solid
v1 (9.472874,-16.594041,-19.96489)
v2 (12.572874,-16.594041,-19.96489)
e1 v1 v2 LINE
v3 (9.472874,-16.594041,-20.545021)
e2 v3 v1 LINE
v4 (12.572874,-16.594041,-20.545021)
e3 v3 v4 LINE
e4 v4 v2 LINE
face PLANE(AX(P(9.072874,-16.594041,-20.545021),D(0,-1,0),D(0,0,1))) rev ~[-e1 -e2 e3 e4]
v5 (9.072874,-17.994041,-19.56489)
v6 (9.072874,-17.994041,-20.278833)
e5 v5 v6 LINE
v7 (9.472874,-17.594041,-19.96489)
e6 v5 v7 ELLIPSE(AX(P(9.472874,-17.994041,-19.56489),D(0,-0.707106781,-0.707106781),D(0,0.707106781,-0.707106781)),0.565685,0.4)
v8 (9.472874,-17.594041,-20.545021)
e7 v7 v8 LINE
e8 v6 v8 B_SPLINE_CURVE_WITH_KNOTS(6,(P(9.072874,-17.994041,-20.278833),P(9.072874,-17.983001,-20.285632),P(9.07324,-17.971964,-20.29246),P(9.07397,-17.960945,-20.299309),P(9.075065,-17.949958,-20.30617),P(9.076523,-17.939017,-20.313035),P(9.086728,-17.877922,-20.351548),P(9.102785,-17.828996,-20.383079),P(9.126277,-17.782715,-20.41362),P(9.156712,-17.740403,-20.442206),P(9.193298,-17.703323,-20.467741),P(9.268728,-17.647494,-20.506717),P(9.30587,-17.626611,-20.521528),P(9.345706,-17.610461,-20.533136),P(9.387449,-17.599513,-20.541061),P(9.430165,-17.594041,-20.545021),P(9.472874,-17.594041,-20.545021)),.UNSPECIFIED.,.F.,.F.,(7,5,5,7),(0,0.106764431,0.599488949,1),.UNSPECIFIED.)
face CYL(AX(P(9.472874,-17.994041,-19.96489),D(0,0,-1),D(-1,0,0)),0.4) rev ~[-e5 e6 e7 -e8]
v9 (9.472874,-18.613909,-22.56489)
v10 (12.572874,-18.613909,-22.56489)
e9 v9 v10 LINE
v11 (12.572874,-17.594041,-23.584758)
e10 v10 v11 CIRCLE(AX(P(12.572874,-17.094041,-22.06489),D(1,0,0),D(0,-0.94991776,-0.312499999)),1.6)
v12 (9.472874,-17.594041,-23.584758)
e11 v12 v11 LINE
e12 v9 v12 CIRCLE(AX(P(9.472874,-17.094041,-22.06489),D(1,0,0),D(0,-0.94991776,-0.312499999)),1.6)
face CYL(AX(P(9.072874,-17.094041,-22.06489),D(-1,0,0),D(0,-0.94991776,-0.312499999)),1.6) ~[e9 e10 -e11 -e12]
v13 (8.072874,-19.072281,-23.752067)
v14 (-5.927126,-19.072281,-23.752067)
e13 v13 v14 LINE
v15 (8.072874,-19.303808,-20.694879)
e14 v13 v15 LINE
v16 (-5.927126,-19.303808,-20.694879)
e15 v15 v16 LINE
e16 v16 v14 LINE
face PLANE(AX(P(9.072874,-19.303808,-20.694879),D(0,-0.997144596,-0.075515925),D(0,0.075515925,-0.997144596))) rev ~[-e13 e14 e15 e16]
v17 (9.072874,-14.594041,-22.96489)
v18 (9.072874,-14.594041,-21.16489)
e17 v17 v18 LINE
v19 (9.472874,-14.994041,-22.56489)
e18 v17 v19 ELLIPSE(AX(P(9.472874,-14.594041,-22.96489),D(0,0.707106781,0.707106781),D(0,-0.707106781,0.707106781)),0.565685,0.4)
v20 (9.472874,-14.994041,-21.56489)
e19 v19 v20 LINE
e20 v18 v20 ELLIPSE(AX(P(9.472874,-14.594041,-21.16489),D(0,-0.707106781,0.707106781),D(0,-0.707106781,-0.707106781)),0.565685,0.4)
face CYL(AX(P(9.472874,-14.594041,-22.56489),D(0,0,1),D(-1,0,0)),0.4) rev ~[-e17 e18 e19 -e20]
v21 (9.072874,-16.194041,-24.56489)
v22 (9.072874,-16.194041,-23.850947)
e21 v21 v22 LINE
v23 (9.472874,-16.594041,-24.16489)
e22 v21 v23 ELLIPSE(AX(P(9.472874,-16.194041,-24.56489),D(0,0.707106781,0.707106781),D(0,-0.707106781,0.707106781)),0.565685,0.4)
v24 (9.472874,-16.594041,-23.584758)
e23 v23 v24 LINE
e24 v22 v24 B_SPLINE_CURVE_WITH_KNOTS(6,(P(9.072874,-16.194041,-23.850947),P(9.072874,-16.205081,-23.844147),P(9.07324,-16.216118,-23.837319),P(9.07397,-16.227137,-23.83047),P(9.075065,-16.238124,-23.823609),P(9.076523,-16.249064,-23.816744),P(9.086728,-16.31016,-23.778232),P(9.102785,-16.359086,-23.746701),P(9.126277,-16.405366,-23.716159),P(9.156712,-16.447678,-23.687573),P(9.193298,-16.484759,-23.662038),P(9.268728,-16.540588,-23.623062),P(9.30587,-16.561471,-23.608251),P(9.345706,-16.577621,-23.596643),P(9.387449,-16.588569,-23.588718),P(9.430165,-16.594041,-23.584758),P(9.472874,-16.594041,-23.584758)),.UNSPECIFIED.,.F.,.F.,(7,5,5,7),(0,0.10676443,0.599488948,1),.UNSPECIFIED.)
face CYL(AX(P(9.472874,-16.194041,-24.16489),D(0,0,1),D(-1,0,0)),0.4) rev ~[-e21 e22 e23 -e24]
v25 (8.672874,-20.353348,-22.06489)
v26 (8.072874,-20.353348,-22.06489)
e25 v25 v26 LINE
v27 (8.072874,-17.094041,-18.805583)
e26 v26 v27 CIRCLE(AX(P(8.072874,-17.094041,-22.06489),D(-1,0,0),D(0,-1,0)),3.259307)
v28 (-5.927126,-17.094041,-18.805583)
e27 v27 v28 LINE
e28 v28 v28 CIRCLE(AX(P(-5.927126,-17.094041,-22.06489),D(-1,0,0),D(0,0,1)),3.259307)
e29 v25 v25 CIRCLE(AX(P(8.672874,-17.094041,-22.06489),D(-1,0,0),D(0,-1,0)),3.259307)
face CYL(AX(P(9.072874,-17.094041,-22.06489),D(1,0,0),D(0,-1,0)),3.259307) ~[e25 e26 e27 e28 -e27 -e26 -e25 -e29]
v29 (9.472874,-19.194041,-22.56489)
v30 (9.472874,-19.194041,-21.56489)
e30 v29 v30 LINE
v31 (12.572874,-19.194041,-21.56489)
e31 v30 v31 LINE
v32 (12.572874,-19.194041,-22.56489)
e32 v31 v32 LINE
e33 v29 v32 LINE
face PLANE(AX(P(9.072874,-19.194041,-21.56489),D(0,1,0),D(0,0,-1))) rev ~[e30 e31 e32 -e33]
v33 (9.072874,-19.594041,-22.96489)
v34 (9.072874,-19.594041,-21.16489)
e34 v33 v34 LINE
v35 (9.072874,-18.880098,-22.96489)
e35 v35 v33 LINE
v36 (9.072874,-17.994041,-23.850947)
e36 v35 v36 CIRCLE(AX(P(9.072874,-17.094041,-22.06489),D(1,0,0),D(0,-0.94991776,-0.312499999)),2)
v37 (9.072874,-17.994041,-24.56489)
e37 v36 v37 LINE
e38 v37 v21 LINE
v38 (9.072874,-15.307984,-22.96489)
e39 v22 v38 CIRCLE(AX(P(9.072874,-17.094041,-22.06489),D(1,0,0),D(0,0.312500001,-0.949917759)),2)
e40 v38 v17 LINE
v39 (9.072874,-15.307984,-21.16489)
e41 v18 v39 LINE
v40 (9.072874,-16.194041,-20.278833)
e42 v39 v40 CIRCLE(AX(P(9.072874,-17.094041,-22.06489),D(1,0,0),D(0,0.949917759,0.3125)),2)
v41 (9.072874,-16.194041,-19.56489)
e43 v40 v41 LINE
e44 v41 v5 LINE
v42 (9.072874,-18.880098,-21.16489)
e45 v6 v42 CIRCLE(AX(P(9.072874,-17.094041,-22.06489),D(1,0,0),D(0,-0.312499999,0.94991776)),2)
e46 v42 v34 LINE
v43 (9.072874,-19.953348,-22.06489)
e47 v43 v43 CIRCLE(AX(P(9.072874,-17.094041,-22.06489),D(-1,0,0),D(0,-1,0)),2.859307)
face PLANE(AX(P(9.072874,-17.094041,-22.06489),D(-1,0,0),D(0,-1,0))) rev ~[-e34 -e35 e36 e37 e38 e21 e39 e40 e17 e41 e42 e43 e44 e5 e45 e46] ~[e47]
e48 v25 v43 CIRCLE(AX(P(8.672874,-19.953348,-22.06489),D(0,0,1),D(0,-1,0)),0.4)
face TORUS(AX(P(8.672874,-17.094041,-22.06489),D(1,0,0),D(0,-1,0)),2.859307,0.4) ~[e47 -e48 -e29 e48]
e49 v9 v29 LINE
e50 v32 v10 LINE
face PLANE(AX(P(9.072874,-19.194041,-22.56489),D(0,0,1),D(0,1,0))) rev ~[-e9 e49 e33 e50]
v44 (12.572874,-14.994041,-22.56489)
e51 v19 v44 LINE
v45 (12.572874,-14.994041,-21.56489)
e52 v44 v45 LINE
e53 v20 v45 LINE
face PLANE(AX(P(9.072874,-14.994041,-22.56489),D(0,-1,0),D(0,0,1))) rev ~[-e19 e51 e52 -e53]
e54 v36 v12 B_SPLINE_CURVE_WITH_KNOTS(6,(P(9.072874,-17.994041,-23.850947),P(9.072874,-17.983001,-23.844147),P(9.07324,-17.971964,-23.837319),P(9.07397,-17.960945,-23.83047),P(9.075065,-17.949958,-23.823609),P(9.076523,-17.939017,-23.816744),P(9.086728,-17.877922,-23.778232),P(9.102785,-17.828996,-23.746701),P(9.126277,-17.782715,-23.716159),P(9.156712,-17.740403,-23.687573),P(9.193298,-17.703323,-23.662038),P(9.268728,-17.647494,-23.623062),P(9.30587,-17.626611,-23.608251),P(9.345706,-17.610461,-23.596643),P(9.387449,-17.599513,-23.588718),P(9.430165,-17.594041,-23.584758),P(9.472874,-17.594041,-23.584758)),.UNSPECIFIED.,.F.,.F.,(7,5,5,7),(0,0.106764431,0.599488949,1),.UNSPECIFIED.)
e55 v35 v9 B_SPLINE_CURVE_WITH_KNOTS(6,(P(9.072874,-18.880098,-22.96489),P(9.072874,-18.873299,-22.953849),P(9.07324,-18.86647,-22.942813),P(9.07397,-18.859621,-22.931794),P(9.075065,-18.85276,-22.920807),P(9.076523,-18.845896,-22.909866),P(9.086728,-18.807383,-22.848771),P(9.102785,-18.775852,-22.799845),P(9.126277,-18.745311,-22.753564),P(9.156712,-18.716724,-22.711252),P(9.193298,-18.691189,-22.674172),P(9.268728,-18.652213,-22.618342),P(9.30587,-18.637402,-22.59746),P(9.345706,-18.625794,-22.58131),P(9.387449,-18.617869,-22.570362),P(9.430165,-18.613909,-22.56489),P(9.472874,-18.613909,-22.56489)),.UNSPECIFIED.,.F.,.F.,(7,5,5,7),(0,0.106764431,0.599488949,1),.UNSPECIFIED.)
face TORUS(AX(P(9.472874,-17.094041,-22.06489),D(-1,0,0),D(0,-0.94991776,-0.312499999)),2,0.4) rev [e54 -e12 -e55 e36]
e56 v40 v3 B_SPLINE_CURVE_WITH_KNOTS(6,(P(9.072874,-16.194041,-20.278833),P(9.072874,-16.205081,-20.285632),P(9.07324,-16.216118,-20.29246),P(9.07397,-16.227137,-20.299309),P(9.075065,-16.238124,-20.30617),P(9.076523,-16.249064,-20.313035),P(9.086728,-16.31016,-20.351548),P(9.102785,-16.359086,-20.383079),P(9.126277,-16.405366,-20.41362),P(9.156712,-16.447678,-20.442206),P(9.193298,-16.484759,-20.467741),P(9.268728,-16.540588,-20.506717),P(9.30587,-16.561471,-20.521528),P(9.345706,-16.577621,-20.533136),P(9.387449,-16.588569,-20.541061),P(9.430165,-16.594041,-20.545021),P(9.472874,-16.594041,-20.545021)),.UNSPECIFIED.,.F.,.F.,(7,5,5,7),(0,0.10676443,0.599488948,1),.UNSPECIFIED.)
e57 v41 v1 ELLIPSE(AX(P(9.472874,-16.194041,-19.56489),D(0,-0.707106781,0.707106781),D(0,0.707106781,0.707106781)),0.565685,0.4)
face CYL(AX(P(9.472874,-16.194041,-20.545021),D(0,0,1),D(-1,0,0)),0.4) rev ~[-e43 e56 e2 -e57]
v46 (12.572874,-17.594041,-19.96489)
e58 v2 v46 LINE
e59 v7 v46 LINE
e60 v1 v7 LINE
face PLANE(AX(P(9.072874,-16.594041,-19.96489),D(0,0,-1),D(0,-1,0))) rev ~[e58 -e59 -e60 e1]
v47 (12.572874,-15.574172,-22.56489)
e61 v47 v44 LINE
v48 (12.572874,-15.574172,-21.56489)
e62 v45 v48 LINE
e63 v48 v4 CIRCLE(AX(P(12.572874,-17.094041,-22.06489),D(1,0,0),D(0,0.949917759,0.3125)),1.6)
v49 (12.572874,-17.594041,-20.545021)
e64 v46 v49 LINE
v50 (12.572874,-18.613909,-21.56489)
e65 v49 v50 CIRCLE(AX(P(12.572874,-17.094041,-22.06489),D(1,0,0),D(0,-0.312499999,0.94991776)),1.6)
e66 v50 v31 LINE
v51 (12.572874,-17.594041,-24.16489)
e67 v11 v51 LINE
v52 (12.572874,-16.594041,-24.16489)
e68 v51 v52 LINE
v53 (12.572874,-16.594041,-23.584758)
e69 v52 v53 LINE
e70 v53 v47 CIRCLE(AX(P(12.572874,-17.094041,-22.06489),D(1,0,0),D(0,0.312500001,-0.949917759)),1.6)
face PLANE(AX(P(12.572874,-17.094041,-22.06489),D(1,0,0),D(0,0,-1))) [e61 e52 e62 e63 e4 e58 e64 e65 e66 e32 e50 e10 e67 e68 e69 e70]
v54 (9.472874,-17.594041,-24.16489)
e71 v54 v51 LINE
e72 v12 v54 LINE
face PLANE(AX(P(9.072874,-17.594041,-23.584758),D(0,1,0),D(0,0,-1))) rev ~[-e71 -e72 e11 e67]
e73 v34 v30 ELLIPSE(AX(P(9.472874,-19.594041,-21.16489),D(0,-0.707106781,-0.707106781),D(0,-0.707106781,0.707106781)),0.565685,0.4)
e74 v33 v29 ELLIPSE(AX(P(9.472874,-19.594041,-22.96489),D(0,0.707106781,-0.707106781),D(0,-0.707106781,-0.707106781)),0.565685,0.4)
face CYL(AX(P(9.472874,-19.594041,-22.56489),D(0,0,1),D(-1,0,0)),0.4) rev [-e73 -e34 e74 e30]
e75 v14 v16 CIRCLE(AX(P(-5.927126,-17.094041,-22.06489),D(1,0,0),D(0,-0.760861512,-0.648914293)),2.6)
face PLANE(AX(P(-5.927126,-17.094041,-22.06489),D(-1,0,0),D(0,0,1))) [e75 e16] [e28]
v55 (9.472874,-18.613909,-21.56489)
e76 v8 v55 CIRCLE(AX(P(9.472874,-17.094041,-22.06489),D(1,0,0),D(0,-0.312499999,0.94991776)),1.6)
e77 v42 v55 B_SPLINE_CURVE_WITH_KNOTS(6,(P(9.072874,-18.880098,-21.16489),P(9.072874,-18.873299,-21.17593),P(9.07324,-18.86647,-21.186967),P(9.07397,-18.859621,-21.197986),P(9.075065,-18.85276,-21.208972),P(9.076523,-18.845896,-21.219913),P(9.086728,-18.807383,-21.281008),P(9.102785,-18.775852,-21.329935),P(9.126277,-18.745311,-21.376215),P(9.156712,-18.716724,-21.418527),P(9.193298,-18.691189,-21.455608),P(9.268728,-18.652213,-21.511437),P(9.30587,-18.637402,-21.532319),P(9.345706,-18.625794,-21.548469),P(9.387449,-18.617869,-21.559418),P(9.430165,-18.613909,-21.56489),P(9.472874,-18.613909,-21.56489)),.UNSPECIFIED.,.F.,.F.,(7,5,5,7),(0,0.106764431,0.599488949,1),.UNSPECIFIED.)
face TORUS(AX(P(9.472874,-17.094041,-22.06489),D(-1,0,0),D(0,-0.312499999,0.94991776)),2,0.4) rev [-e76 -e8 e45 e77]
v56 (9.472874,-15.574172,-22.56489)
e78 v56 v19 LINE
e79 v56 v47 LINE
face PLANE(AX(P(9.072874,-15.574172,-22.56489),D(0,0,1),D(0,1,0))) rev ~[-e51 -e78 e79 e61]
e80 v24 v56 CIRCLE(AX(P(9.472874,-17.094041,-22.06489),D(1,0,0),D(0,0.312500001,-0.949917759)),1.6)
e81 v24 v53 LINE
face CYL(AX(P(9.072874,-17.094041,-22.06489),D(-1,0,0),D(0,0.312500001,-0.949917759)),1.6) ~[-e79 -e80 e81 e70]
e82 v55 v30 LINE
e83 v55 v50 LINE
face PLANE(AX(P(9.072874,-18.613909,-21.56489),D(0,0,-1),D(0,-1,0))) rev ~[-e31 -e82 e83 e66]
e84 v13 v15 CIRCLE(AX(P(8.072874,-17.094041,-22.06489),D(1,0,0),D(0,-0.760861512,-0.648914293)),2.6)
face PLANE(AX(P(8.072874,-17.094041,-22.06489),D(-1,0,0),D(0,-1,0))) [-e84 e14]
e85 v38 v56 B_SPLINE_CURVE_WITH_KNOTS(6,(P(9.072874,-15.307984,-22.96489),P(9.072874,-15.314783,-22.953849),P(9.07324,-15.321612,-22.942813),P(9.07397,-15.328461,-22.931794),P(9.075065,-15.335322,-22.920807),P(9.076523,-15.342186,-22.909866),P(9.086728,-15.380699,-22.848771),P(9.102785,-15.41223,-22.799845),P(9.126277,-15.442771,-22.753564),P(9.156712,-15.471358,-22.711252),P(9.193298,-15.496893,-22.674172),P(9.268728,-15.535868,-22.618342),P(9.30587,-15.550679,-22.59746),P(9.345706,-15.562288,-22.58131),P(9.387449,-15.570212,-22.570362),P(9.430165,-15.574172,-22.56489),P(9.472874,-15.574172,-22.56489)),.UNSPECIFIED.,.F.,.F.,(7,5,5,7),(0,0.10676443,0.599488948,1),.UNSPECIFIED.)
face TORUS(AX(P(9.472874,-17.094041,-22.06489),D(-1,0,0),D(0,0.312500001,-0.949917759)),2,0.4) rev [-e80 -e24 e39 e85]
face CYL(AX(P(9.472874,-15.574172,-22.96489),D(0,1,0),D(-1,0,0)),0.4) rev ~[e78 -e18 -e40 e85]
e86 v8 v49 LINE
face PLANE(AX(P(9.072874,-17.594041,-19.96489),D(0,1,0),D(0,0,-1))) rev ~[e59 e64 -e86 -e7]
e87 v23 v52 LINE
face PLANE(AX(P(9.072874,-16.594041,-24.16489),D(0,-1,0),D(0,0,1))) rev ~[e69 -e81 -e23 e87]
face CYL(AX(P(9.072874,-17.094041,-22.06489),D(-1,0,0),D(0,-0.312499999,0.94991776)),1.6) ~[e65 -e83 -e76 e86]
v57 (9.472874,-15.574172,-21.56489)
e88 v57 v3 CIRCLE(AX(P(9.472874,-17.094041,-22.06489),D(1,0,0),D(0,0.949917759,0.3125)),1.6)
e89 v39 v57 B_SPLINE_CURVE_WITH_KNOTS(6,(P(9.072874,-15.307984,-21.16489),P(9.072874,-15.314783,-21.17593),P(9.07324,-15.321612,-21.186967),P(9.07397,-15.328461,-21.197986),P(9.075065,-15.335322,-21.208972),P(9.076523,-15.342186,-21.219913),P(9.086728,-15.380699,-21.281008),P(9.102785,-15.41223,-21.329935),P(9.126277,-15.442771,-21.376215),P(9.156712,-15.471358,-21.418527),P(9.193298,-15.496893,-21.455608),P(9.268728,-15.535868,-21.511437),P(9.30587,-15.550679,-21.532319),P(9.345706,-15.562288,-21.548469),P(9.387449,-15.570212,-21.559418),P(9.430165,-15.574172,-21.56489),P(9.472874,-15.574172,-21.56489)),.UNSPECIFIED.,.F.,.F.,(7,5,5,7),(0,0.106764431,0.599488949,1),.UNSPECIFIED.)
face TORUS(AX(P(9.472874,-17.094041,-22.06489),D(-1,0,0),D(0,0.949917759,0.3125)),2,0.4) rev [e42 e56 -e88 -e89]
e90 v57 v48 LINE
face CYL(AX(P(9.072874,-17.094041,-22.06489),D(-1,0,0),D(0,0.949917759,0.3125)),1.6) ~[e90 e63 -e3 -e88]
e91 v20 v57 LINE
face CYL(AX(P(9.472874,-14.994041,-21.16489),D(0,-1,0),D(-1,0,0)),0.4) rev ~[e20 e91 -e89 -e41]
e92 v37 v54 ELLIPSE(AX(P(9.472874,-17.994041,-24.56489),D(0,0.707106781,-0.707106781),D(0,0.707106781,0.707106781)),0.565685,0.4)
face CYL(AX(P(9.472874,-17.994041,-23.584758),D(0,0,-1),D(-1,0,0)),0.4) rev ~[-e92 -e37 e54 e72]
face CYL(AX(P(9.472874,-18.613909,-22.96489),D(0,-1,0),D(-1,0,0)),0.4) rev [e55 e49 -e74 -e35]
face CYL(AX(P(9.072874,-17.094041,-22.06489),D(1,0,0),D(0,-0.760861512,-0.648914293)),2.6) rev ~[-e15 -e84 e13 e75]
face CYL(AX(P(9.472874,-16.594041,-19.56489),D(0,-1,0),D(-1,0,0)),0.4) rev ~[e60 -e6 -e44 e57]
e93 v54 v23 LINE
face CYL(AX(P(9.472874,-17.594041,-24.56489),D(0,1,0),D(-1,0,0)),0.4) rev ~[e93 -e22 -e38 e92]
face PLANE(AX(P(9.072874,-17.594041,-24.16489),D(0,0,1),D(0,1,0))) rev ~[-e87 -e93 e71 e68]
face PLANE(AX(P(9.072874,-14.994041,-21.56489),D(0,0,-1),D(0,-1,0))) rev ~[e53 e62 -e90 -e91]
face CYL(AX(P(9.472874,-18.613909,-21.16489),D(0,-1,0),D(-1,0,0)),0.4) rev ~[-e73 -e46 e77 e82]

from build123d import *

# Parameters (mm, degrees)
BOSS_EXTRUDE1_DEPTH = 3.5
SKETCH1_3_R         = 3.259306638
BOSS_EXTRUDE2_DEPTH = 1
SKETCH1_4_R         = 3.259306638
BOSS_EXTRUDE3_DEPTH = 15
FILLET1_R           = 0.4


with BuildPart() as part:
    # Sketch1 → Boss-Extrude1 (new body)
    with BuildSketch(Plane.ZY.offset(-9.072873839)):
        with BuildLine():
            Line((-22.564889637, -14.994040891), (-21.564889637, -14.994040891))
            Line((-21.564889637, -14.994040891), (-21.564889637, -15.574172475))
            ThreePointArc((-21.564889637, -15.574172475), (-20.933518787, -15.962670041), (-20.545021222, -16.594040891))
            Line((-20.545021222, -16.594040891), (-19.964889637, -16.594040891))
            Line((-19.964889637, -16.594040891), (-19.964889637, -17.594040891))
            Line((-19.964889637, -17.594040891), (-20.545021222, -17.594040891))
            ThreePointArc((-20.545021222, -17.594040891), (-20.933518787, -18.225411741), (-21.564889637, -18.613909306))
            Line((-21.564889637, -18.613909306), (-21.564889637, -19.194040891))
            Line((-21.564889637, -19.194040891), (-22.564889637, -19.194040891))
            Line((-22.564889637, -19.194040891), (-22.564889637, -18.613909306))
            ThreePointArc((-22.564889637, -18.613909306), (-23.196260487, -18.225411741), (-23.584758053, -17.594040891))
            Line((-23.584758053, -17.594040891), (-24.164889637, -17.594040891))
            Line((-24.164889637, -17.594040891), (-24.164889637, -16.594040891))
            Line((-24.164889637, -16.594040891), (-23.584758053, -16.594040891))
            ThreePointArc((-23.584758053, -16.594040891), (-23.196260487, -15.962670041), (-22.564889637, -15.574172475))
            Line((-22.564889637, -15.574172475), (-22.564889637, -14.994040891))
        make_face()
    extrude(amount=-BOSS_EXTRUDE1_DEPTH)

    # Sketch1<3> → Boss-Extrude2 (add)
    with BuildSketch(Plane.ZY.offset(-9.072873839)):
        with Locations((-22.064889637, -17.094040891)):
            Circle(SKETCH1_3_R)
    extrude(amount=BOSS_EXTRUDE2_DEPTH)

    # Sketch1<4> → Boss-Extrude3 (add)
    with BuildSketch(Plane.ZY.offset(-9.072873839)):
        with Locations((-22.064889637, -17.094040891)):
            Circle(SKETCH1_4_R)
        with BuildLine():
            ThreePointArc((-23.752066801, -19.072280821), (-21.868548232, -14.501464942), (-20.694879361, -19.303808263))
            Line((-20.694879361, -19.303808263), (-23.752066801, -19.072280821))
        make_face(mode=Mode.SUBTRACT)
    extrude(amount=BOSS_EXTRUDE3_DEPTH)

    # Fillet1
    fillet1_edges = [part.edges().sort_by_distance(p)[0] for p in [
        (9.072873839, -17.094040891, -25.324196275),
        (9.072873839, -18.225411741, -23.196260487),
        (9.072873839, -17.594040891, -23.874823845),
        (9.072873839, -17.094040891, -24.164889637),
        (9.072873839, -16.594040891, -23.874823845),
        (9.072873839, -15.962670041, -23.196260487),
        (9.072873839, -15.284106683, -22.564889637),
        (9.072873839, -14.994040891, -22.064889637),
        (9.072873839, -15.284106683, -21.564889637),
        (9.072873839, -15.962670041, -20.933518787),
        (9.072873839, -16.594040891, -20.25495543),
        (9.072873839, -17.094040891, -19.964889637),
        (9.072873839, -17.594040891, -20.25495543),
        (9.072873839, -18.225411741, -20.933518787),
        (9.072873839, -18.903975098, -21.564889637),
        (9.072873839, -19.194040891, -22.064889637),
        (9.072873839, -18.903975098, -22.564889637),
    ]]
    fillet(fillet1_edges, radius=FILLET1_R)


solid = part.part
